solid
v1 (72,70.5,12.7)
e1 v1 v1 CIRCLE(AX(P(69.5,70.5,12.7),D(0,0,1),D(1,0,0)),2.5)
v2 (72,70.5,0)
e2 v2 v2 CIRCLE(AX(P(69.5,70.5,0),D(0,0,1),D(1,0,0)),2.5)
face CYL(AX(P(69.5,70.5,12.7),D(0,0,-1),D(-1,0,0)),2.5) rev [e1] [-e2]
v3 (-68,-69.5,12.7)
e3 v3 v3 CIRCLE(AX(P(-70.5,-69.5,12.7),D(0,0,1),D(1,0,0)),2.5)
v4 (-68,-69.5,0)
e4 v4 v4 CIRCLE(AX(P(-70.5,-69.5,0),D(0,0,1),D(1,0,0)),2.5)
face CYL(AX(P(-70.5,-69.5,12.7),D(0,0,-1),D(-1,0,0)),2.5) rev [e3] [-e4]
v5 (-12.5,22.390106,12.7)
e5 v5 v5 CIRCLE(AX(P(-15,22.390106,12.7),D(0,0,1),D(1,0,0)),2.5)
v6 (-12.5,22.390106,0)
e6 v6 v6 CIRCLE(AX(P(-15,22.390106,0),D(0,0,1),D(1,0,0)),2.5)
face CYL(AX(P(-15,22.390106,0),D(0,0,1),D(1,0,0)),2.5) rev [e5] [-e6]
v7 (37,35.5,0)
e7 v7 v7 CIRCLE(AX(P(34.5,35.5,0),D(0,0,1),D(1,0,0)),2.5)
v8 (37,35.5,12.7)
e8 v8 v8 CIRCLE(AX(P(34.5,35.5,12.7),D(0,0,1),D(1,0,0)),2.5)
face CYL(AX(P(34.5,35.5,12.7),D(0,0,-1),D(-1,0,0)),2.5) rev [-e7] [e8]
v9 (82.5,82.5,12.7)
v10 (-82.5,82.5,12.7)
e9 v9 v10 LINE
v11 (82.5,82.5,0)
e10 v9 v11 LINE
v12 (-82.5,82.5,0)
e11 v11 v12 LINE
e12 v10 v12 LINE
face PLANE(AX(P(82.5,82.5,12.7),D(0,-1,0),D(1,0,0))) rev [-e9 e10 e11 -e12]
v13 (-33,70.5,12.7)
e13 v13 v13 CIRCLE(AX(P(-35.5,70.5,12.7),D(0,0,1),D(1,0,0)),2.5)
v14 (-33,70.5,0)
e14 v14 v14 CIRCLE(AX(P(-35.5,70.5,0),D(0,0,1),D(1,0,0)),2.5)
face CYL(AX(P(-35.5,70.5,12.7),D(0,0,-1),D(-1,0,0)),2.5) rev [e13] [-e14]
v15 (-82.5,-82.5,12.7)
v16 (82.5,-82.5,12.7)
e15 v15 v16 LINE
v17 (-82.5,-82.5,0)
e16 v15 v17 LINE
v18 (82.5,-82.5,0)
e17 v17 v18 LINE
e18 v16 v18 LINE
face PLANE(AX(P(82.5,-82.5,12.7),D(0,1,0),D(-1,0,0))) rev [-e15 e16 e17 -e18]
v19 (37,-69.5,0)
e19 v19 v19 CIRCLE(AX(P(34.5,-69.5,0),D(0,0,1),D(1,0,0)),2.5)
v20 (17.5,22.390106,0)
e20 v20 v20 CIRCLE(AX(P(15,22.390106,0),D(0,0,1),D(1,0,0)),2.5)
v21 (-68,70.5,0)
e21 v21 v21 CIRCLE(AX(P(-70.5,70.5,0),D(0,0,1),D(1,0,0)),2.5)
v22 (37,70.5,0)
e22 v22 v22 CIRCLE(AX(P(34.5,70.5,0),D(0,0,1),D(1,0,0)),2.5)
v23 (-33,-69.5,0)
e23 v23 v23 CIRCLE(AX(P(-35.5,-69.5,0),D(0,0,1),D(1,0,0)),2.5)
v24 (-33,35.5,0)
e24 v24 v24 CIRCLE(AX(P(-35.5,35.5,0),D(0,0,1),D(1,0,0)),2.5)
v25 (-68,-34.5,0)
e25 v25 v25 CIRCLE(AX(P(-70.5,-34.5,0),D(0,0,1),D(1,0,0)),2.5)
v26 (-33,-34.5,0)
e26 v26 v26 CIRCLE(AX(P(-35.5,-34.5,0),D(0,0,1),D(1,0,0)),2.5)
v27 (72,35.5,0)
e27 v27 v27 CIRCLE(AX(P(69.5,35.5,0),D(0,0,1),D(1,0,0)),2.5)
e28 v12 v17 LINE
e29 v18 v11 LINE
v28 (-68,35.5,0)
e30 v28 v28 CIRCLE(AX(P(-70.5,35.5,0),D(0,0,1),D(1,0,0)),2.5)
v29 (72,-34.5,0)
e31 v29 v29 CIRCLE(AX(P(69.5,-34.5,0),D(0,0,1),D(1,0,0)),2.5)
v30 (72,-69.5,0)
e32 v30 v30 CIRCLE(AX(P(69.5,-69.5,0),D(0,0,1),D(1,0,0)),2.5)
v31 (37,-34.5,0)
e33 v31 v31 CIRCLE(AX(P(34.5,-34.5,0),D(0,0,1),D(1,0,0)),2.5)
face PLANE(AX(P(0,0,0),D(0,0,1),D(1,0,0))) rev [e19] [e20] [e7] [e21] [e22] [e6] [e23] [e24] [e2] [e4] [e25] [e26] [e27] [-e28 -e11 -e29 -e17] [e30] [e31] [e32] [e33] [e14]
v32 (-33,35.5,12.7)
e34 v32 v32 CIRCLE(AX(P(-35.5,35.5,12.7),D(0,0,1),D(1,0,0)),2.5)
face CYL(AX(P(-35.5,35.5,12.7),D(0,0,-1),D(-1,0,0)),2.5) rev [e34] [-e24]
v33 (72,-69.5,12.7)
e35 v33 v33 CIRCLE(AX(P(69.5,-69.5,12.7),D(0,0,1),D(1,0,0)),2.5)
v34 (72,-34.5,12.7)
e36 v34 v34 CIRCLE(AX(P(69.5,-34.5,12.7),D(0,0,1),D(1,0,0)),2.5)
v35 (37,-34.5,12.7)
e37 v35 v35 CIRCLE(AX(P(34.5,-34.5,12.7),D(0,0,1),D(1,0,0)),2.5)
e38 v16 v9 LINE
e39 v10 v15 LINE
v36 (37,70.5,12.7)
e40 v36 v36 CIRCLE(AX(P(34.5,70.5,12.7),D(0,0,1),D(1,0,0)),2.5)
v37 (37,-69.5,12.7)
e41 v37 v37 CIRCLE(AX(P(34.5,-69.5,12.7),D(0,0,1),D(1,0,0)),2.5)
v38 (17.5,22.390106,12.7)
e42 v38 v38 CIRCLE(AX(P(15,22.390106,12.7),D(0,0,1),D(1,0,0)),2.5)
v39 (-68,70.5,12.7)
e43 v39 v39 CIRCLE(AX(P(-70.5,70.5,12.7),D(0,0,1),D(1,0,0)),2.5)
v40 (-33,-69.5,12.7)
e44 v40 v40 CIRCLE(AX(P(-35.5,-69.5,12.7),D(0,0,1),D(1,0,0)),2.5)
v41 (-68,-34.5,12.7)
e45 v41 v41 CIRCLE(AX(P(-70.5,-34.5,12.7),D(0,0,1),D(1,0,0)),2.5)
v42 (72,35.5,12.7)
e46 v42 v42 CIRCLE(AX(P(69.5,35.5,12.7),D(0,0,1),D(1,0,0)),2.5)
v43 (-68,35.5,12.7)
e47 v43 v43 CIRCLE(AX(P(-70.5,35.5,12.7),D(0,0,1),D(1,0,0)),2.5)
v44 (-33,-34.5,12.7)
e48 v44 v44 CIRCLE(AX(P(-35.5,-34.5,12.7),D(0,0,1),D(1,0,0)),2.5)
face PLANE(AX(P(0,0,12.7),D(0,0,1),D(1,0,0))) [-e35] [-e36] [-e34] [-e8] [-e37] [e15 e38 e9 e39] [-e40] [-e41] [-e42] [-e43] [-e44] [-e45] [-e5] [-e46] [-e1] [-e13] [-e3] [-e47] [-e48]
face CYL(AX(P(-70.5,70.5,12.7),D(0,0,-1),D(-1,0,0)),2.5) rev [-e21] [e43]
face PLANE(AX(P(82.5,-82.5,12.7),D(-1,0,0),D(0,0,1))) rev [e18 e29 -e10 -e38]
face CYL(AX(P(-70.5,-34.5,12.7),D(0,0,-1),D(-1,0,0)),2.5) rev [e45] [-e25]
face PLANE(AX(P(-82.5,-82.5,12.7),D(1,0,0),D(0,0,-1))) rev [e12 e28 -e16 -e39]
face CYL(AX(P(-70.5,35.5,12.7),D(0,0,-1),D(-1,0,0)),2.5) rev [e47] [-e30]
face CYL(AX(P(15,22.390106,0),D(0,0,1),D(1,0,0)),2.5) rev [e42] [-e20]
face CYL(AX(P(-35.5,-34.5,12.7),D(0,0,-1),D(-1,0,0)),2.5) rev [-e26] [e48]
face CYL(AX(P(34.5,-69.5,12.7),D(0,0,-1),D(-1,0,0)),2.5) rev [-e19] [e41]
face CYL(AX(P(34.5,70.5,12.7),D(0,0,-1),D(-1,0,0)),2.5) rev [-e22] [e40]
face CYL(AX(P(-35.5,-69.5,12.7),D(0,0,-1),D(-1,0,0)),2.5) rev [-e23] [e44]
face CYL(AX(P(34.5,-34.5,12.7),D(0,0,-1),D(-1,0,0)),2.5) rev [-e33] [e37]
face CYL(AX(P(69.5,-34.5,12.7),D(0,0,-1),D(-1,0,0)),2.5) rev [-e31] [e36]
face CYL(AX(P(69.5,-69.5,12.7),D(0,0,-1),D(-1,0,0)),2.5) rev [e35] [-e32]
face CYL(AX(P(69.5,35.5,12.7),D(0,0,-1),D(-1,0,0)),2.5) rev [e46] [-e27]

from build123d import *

# Parameters (mm, degrees)
CROQUIS1_W              = 165
CROQUIS1_H              = 165
CROQUIS1_R              = 2.5
SALIENTE_EXTRUIR1_DEPTH = 12.7
CORTAR_EXTRUIR1_START   = -12.7
CROQUIS2_R              = 2.5
CORTAR_EXTRUIR1_DEPTH   = 12.7


with BuildPart() as part:
    # Croquis1 → Saliente-Extruir1 (new body)
    with BuildSketch(Plane.XY):
        Rectangle(CROQUIS1_W, CROQUIS1_H)
        with Locations((-70.5, 70.5)):
            Circle(CROQUIS1_R, mode=Mode.SUBTRACT)
        with Locations((-35.5, 70.5)):
            Circle(CROQUIS1_R, mode=Mode.SUBTRACT)
        with Locations((-35.5, 35.5)):
            Circle(CROQUIS1_R, mode=Mode.SUBTRACT)
        with Locations((-70.5, 35.5)):
            Circle(CROQUIS1_R, mode=Mode.SUBTRACT)
        with Locations((34.5, 70.5)):
            Circle(CROQUIS1_R, mode=Mode.SUBTRACT)
        with Locations((69.5, 70.5)):
            Circle(CROQUIS1_R, mode=Mode.SUBTRACT)
        with Locations((69.5, 35.5)):
            Circle(CROQUIS1_R, mode=Mode.SUBTRACT)
        with Locations((34.5, 35.5)):
            Circle(CROQUIS1_R, mode=Mode.SUBTRACT)
        with Locations((34.5, -34.5)):
            Circle(CROQUIS1_R, mode=Mode.SUBTRACT)
        with Locations((69.5, -34.5)):
            Circle(CROQUIS1_R, mode=Mode.SUBTRACT)
        with Locations((69.5, -69.5)):
            Circle(CROQUIS1_R, mode=Mode.SUBTRACT)
        with Locations((34.5, -69.5)):
            Circle(CROQUIS1_R, mode=Mode.SUBTRACT)
        with Locations((-70.5, -34.5)):
            Circle(CROQUIS1_R, mode=Mode.SUBTRACT)
        with Locations((-35.5, -34.5)):
            Circle(CROQUIS1_R, mode=Mode.SUBTRACT)
        with Locations((-35.5, -69.5)):
            Circle(CROQUIS1_R, mode=Mode.SUBTRACT)
        with Locations((-70.5, -69.5)):
            Circle(CROQUIS1_R, mode=Mode.SUBTRACT)
    extrude(amount=SALIENTE_EXTRUIR1_DEPTH)

    # Croquis2 → Cortar-Extruir1 (cut)
    with BuildSketch(Plane.XY.offset(12.7).offset(CORTAR_EXTRUIR1_START)):
        with Locations((-15, 22.390106488)):
            Circle(CROQUIS2_R)
        with Locations((15, 22.390106488)):
            Circle(CROQUIS2_R)
        with Locations((69.5, -69.5)):
            Circle(CROQUIS2_R)
        with Locations((69.5, -34.5)):
            Circle(CROQUIS2_R)
        with Locations((34.5, -69.5)):
            Circle(CROQUIS2_R)
        with Locations((34.5, -34.5)):
            Circle(CROQUIS2_R)
        with Locations((-35.5, -69.5)):
            Circle(CROQUIS2_R)
        with Locations((-70.5, -69.5)):
            Circle(CROQUIS2_R)
        with Locations((-35.5, -34.5)):
            Circle(CROQUIS2_R)
        with Locations((-70.5, -34.5)):
            Circle(CROQUIS2_R)
        with Locations((69.5, 35.5)):
            Circle(CROQUIS2_R)
        with Locations((34.5, 35.5)):
            Circle(CROQUIS2_R)
        with Locations((69.5, 70.5)):
            Circle(CROQUIS2_R)
        with Locations((34.5, 70.5)):
            Circle(CROQUIS2_R)
        with Locations((-35.5, 35.5)):
            Circle(CROQUIS2_R)
        with Locations((-70.5, 35.5)):
            Circle(CROQUIS2_R)
        with Locations((-35.5, 70.5)):
            Circle(CROQUIS2_R)
        with Locations((-70.5, 70.5)):
            Circle(CROQUIS2_R)
    extrude(amount=CORTAR_EXTRUIR1_DEPTH, mode=Mode.SUBTRACT)


solid = part.part
